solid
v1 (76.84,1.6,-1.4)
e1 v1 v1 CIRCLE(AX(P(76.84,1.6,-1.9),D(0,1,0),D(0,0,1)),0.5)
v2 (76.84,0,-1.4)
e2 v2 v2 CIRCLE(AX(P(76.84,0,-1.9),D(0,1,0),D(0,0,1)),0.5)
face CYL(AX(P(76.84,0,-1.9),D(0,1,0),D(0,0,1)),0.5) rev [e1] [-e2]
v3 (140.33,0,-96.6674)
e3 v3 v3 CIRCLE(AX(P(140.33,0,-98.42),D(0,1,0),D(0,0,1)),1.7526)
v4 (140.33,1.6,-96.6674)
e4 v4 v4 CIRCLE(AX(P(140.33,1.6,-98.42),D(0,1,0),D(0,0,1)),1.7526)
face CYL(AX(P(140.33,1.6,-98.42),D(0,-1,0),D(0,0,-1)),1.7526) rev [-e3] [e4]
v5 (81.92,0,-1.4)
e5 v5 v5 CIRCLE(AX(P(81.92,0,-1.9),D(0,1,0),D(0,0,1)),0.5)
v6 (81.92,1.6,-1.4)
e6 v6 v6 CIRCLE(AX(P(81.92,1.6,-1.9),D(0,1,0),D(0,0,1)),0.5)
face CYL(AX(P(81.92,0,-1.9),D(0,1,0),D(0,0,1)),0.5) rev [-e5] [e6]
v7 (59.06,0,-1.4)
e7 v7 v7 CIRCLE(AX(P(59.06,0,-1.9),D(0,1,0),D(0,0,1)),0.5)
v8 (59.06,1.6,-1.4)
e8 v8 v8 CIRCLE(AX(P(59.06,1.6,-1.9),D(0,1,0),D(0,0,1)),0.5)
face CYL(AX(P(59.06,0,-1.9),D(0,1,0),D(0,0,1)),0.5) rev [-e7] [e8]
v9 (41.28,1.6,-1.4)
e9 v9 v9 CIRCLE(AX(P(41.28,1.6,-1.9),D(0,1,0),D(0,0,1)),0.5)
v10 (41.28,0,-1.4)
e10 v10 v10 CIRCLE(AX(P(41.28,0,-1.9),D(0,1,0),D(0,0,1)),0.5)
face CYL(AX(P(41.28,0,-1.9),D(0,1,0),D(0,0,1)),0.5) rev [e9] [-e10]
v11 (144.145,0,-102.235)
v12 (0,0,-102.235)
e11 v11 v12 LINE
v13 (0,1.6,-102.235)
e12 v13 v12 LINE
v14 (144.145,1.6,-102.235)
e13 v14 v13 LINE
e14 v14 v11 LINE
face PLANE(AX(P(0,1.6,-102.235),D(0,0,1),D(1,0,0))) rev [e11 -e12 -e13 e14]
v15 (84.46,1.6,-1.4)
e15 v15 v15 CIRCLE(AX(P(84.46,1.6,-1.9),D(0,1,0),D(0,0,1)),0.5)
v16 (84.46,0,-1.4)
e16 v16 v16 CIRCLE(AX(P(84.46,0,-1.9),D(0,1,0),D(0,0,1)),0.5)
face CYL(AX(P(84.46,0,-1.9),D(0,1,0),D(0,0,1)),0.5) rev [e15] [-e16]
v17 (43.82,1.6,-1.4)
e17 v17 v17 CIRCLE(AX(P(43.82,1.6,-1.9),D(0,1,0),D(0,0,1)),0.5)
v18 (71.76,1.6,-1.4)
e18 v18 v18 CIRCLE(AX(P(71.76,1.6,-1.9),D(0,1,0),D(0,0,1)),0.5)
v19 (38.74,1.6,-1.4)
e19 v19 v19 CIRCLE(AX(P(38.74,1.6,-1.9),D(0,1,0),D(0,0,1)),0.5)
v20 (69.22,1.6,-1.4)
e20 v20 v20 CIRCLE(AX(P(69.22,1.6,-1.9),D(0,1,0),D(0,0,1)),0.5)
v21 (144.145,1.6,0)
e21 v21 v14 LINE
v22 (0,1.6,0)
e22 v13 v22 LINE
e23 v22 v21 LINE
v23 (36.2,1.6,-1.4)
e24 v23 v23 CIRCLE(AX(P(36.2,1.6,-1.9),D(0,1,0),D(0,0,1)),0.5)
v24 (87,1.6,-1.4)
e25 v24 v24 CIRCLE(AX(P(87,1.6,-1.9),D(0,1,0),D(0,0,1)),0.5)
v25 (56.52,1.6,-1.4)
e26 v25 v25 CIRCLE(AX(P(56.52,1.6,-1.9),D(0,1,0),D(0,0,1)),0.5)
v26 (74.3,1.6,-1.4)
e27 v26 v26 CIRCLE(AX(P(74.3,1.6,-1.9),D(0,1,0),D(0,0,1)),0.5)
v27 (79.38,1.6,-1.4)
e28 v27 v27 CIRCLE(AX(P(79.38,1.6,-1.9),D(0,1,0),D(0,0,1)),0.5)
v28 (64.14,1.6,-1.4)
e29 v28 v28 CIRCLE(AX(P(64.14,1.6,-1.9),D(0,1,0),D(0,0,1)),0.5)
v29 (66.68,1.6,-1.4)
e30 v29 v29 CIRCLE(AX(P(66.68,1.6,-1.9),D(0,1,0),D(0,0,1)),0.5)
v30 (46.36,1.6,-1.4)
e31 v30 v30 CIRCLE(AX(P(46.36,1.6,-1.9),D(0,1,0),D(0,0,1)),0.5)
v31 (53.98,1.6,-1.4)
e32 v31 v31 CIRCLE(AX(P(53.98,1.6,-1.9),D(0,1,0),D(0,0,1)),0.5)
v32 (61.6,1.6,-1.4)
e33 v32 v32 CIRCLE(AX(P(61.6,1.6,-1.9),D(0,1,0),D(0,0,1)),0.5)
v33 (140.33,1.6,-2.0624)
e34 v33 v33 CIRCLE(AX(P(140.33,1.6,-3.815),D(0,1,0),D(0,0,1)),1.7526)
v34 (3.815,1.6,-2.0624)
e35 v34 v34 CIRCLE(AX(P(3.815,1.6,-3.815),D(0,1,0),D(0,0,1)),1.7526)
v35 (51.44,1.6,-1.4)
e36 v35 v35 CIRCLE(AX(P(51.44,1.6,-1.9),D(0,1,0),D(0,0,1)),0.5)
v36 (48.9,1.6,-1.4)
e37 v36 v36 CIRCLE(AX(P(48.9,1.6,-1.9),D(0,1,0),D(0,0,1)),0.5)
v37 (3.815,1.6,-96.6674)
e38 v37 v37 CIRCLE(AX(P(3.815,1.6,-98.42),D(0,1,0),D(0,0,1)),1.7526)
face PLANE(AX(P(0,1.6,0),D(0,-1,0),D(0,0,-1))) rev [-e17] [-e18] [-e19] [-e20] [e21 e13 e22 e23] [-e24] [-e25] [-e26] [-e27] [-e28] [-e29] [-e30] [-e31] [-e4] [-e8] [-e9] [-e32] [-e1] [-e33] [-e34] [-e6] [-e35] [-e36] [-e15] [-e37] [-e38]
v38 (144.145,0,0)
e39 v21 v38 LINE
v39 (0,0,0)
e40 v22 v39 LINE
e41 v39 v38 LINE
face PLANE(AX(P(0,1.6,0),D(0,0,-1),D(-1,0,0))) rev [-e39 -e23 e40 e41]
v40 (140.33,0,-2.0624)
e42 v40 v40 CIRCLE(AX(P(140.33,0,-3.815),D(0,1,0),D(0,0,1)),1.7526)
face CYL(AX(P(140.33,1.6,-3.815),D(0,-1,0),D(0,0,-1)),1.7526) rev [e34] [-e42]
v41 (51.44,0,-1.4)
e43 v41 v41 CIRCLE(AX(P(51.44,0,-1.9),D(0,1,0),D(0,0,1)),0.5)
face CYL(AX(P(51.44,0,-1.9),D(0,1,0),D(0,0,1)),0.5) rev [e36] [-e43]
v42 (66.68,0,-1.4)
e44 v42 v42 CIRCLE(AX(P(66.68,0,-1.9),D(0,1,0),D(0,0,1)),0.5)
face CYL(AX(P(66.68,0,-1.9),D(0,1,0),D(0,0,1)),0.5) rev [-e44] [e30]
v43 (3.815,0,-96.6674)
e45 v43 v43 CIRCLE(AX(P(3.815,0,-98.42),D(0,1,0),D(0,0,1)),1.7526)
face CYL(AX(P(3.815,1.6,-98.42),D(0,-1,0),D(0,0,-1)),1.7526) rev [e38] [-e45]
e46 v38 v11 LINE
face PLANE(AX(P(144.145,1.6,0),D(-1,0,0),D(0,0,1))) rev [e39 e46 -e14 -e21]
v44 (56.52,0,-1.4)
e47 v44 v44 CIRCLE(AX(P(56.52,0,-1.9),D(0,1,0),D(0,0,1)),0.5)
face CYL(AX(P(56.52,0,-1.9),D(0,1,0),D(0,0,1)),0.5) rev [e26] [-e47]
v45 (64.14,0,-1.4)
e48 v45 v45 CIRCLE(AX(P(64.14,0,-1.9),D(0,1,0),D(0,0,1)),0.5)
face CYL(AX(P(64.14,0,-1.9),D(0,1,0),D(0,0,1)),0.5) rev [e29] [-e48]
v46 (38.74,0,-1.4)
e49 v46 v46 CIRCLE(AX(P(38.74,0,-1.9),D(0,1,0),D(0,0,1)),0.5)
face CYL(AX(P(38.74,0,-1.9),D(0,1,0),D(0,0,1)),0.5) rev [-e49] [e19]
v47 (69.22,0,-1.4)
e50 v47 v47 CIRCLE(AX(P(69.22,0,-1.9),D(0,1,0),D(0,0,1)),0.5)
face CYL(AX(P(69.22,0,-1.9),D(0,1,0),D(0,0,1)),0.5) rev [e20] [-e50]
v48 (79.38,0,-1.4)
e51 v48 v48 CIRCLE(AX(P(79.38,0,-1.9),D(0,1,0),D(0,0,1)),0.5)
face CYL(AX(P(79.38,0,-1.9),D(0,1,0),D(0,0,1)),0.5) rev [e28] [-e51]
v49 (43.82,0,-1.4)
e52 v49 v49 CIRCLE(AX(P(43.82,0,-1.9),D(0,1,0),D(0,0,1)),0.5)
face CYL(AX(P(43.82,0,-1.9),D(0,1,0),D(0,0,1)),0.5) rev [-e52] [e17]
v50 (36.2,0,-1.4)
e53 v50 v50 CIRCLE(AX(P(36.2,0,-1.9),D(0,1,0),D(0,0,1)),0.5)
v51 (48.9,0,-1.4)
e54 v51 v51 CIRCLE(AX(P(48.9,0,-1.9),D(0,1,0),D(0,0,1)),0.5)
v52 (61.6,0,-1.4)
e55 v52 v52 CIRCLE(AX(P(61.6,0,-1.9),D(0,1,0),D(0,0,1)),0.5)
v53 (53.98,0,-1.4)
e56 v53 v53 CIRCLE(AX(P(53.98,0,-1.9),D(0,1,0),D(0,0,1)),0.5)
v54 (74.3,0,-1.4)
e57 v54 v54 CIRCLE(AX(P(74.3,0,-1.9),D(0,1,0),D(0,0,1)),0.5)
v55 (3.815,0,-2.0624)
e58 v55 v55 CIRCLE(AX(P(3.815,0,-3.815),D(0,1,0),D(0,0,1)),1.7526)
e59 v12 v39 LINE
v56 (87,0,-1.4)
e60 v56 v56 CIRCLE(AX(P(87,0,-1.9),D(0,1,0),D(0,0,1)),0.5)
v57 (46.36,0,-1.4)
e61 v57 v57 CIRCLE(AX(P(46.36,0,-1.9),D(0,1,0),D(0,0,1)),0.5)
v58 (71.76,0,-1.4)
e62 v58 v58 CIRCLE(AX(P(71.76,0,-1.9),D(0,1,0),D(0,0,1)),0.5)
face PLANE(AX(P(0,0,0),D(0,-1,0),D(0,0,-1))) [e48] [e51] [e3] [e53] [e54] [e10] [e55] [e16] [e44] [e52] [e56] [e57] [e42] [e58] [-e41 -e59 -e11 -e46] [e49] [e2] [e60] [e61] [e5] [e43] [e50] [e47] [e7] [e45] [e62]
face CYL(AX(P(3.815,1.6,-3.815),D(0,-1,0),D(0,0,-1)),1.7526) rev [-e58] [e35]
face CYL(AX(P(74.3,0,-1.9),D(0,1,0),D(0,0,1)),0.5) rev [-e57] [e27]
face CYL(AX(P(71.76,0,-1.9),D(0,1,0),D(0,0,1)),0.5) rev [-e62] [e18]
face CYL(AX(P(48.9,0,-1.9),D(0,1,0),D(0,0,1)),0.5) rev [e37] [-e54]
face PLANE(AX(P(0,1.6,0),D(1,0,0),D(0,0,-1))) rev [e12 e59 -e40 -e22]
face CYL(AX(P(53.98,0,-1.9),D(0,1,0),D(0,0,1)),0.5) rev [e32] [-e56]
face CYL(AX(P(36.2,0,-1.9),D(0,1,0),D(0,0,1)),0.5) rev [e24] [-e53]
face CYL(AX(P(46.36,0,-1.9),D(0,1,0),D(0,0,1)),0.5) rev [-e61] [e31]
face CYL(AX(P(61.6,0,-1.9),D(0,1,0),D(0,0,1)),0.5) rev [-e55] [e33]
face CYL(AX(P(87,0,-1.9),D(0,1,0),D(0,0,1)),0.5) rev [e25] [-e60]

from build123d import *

# Parameters (mm, degrees)
SKETCH1_W           = 144.145
SKETCH1_H           = 102.235
SKETCH1_R           = 1.7526
BOSS_EXTRUDE1_DEPTH = 1.6
SKETCH2_R           = 0.5
CUT_EXTRUDE1_DEPTH  = 2.6


with BuildPart() as part:
    # Sketch1 → Boss-Extrude1 (new body)
    with BuildSketch(Plane(origin=(0, 0, 0), x_dir=(1, 0, 0), z_dir=(0, 1, 0))):
        with Locations((72.0725, 51.1175)):
            Rectangle(SKETCH1_W, SKETCH1_H)
        with Locations((3.815, 98.42)):
            Circle(SKETCH1_R, mode=Mode.SUBTRACT)
        with Locations((140.33, 98.42)):
            Circle(SKETCH1_R, mode=Mode.SUBTRACT)
        with Locations((140.33, 3.815)):
            Circle(SKETCH1_R, mode=Mode.SUBTRACT)
        with Locations((3.815, 3.815)):
            Circle(SKETCH1_R, mode=Mode.SUBTRACT)
    extrude(amount=BOSS_EXTRUDE1_DEPTH)

    # Sketch2 → Cut-Extrude1 (cut, through all)
    with BuildSketch(Plane(origin=(0, 1.6, 0), x_dir=(1, 0, 0), z_dir=(0, 1, 0))):
        with Locations((36.2, 1.9)):
            Circle(SKETCH2_R)
        with Locations((38.74, 1.9)):
            Circle(SKETCH2_R)
        with Locations((41.28, 1.9)):
            Circle(SKETCH2_R)
        with Locations((43.82, 1.9)):
            Circle(SKETCH2_R)
        with Locations((46.36, 1.9)):
            Circle(SKETCH2_R)
        with Locations((48.9, 1.9)):
            Circle(SKETCH2_R)
        with Locations((51.44, 1.9)):
            Circle(SKETCH2_R)
        with Locations((53.98, 1.9)):
            Circle(SKETCH2_R)
        with Locations((56.52, 1.9)):
            Circle(SKETCH2_R)
        with Locations((59.06, 1.9)):
            Circle(SKETCH2_R)
        with Locations((61.6, 1.9)):
            Circle(SKETCH2_R)
        with Locations((64.14, 1.9)):
            Circle(SKETCH2_R)
        with Locations((66.68, 1.9)):
            Circle(SKETCH2_R)
        with Locations((69.22, 1.9)):
            Circle(SKETCH2_R)
        with Locations((71.76, 1.9)):
            Circle(SKETCH2_R)
        with Locations((74.3, 1.9)):
            Circle(SKETCH2_R)
        with Locations((76.84, 1.9)):
            Circle(SKETCH2_R)
        with Locations((79.38, 1.9)):
            Circle(SKETCH2_R)
        with Locations((81.92, 1.9)):
            Circle(SKETCH2_R)
        with Locations((84.46, 1.9)):
            Circle(SKETCH2_R)
        with Locations((87, 1.9)):
            Circle(SKETCH2_R)
    extrude(amount=-CUT_EXTRUDE1_DEPTH, mode=Mode.SUBTRACT)


solid = part.part
